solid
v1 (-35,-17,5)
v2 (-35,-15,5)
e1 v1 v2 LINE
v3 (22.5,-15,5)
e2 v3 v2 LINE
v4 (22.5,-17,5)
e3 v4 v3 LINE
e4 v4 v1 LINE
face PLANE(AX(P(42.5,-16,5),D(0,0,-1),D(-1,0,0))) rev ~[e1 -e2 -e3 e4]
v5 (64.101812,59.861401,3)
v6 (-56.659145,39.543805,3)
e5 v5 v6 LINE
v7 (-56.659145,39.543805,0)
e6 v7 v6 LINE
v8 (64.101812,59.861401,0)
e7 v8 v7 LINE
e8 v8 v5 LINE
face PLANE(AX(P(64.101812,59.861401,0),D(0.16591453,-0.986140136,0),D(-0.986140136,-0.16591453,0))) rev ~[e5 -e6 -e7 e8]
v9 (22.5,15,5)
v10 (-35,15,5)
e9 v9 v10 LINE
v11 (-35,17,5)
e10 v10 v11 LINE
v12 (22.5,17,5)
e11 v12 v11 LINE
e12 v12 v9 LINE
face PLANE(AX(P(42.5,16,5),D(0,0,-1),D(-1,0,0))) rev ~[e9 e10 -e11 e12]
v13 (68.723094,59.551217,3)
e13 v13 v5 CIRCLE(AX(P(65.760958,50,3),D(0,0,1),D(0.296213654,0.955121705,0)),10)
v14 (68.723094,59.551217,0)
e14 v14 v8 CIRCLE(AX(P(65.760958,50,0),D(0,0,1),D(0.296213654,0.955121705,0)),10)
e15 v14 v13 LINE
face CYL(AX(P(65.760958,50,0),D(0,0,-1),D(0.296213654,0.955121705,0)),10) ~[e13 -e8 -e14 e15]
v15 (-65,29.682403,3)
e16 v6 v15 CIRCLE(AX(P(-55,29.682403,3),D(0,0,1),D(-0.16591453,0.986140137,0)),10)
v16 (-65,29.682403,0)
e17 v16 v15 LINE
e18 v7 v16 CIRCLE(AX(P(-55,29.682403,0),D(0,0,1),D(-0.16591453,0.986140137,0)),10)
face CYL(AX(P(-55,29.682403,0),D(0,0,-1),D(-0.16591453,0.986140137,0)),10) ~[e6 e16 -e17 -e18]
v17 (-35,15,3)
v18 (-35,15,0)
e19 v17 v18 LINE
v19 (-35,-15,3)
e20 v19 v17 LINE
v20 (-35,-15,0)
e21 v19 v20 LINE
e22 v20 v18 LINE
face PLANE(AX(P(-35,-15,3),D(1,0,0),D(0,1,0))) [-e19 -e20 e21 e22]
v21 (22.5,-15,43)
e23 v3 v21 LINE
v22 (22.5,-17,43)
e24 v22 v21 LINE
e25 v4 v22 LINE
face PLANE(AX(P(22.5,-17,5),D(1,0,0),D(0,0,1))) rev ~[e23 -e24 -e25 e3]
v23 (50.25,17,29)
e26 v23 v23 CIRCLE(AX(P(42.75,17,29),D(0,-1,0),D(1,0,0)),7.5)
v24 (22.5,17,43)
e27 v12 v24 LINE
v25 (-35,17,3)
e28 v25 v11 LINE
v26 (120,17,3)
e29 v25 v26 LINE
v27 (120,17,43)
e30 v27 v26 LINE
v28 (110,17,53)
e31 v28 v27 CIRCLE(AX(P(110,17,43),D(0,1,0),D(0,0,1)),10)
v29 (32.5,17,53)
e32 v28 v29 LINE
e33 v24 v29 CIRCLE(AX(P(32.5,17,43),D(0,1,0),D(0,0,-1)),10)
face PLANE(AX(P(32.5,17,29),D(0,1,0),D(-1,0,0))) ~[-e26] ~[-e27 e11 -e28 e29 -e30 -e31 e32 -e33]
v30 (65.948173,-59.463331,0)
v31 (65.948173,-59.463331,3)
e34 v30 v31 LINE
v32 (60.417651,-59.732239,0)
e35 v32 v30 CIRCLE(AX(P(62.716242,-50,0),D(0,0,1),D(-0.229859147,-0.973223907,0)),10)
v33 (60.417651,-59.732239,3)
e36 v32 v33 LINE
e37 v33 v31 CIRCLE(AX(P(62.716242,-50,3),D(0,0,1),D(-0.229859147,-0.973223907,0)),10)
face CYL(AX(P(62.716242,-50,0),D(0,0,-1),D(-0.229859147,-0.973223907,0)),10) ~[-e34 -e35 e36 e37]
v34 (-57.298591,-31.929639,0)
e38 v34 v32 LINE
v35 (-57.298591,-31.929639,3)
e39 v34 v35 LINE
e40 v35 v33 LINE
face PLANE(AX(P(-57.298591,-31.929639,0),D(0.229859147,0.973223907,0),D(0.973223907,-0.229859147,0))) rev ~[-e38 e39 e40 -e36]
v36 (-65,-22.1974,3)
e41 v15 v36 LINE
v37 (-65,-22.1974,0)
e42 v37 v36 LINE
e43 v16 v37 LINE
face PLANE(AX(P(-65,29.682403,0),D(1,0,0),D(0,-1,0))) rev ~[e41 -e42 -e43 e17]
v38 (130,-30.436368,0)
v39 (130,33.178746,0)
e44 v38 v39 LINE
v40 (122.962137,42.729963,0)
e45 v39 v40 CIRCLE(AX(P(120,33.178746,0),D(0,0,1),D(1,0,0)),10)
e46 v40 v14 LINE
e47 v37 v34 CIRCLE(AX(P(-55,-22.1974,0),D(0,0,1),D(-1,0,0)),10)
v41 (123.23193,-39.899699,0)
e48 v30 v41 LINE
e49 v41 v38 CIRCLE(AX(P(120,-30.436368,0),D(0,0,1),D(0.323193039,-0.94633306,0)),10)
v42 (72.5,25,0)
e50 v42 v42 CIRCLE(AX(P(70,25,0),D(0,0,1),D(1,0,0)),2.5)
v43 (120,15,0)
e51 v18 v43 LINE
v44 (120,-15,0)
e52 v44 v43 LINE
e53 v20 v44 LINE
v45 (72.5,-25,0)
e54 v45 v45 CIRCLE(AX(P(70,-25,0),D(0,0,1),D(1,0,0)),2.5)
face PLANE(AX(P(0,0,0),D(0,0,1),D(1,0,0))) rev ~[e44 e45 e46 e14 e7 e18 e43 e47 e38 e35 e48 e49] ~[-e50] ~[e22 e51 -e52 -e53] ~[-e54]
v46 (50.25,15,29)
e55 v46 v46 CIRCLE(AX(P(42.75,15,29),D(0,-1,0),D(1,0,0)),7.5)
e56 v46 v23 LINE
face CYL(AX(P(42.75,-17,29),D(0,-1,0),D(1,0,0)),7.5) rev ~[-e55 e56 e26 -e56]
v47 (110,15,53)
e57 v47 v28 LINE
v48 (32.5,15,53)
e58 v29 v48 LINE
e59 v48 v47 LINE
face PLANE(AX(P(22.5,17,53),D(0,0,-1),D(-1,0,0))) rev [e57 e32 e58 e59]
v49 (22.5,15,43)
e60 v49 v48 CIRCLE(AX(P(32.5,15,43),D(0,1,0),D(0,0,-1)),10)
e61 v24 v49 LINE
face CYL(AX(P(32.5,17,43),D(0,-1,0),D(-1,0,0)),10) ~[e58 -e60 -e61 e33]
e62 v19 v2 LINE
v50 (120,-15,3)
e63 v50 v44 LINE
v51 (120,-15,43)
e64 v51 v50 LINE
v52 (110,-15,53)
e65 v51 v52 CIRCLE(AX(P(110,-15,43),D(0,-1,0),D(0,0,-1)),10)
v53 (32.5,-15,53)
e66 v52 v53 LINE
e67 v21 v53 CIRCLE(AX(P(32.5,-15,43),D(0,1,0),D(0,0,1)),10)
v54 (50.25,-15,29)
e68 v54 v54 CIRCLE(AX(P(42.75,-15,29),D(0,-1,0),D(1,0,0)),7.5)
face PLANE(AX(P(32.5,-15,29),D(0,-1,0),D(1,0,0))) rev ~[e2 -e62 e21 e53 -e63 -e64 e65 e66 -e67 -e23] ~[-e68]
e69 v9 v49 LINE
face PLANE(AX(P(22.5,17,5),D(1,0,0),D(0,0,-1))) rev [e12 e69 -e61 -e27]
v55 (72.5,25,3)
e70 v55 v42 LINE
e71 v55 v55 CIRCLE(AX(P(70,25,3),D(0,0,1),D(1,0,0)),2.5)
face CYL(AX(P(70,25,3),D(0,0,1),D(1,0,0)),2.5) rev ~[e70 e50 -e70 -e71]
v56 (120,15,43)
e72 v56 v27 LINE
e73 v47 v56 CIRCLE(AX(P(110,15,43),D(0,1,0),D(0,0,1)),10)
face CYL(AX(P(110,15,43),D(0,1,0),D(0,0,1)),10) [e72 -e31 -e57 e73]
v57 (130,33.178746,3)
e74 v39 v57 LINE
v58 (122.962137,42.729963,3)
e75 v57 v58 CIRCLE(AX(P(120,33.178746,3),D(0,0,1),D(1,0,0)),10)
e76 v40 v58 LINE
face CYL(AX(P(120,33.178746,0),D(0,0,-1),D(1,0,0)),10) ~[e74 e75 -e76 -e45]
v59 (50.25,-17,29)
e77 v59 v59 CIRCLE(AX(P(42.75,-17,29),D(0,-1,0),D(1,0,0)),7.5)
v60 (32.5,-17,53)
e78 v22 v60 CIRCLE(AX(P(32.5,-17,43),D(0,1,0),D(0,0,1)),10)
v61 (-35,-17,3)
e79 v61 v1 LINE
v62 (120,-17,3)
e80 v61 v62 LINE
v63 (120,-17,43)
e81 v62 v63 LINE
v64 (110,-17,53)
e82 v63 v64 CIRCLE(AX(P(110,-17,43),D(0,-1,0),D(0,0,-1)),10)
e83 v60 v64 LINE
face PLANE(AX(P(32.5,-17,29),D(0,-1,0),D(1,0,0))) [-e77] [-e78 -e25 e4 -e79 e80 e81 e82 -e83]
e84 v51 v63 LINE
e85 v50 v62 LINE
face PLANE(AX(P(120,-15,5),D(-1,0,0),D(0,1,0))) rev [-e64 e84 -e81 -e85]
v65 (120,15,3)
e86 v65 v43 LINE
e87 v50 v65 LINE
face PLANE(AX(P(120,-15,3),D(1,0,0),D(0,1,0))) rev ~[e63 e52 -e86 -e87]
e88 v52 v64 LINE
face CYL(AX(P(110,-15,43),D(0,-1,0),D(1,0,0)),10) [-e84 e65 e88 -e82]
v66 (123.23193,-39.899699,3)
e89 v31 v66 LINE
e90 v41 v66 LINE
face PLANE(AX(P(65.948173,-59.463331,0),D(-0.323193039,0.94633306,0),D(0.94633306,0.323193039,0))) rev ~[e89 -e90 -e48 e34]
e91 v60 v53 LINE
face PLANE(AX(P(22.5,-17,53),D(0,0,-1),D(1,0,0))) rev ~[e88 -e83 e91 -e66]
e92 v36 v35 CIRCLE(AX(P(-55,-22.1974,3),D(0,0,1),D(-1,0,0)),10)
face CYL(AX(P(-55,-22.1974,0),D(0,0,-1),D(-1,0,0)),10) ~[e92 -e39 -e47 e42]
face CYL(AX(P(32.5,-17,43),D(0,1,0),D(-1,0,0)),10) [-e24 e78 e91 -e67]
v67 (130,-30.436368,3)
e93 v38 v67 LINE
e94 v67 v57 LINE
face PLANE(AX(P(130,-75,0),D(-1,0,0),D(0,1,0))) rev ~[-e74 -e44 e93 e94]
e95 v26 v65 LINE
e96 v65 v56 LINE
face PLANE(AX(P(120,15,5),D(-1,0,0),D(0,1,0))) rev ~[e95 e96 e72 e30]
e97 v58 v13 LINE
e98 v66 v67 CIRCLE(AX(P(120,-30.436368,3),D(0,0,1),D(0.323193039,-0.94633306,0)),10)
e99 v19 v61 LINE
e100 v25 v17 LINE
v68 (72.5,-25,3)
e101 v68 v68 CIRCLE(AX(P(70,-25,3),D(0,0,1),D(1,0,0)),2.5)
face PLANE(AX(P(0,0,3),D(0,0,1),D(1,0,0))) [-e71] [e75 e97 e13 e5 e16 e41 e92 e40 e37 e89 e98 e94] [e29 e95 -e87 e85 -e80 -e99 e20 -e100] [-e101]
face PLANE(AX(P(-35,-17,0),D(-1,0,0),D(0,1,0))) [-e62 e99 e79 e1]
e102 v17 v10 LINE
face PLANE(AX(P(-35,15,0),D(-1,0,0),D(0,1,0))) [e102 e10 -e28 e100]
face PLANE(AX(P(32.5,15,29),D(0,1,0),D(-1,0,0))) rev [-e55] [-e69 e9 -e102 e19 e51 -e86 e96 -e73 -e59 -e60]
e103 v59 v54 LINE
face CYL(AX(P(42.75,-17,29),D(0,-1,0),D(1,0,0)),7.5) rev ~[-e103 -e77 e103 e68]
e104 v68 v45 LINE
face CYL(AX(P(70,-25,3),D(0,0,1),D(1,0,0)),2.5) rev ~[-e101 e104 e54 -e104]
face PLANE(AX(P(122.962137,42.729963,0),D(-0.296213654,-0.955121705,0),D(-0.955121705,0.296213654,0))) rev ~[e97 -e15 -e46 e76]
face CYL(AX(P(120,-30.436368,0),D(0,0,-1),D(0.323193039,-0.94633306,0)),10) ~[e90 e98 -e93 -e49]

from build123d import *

# Parameters (mm, degrees)
SZKIC1_W                    = 260
SZKIC1_H                    = 150
DODANIE_WYCI_GNI_CIE1_DEPTH = 3
SZKIC2_R                    = 2.5
SZKIC2_W                    = 155
SZKIC2_H                    = 30
WYTNIJ_WYCI_GNI_CIE1_DEPTH  = 3
WYTNIJ_WYCI_GNI_CIE3_DEPTH  = 3
SZKIC6_W                    = 155
SZKIC6_H                    = 2
DODANIE_WYCI_GNI_CIE2_DEPTH = 5
SZKIC7_W                    = 77.5
SZKIC7_H                    = 2
DODANIE_WYCI_GNI_CIE3_DEPTH = 48
SZKIC10_W                   = 20
SZKIC10_H                   = 48
DODANIE_WYCI_GNI_CIE5_DEPTH = 2
SZKIC12_R                   = 7.5
WYTNIJ_WYCI_GNI_CIE4_DEPTH  = 40
ZAOKR_GLENIE1_R             = 10


with BuildPart() as part:
    # Szkic1 → Dodanie-wyciągnięcie1 (new body)
    with BuildSketch(Plane.XY):
        Rectangle(SZKIC1_W, SZKIC1_H)
    extrude(amount=DODANIE_WYCI_GNI_CIE1_DEPTH)

    # Szkic2 → Wytnij-wyciągnięcie1 (cut)
    with BuildSketch(Plane.XY.offset(3)):
        with Locations((70, 25)):
            Circle(SZKIC2_R)
        with Locations((70, -25)):
            Circle(SZKIC2_R)
        with Locations((42.5, 0)):
            Rectangle(SZKIC2_W, SZKIC2_H)
    extrude(amount=-WYTNIJ_WYCI_GNI_CIE1_DEPTH, mode=Mode.SUBTRACT)

    # Szkic4 → Wytnij-wyciągnięcie3 (cut)
    with BuildSketch(Plane(origin=(0, 0, 0), x_dir=(-1, 0, 0), z_dir=(0, 0, -1))):
        with BuildLine():
            ThreePointArc((-123.23193039, -39.89969852), (-128.133858368, -36.253613669), (-130, -30.436367925))
            Line((-130, -30.436367925), (-130, -75))
            Line((-130, -75), (130, -75))
            Line((130, -75), (130, 75))
            Line((130, 75), (-130, 75))
            Line((-130, 75), (-130, 33.178745855))
            ThreePointArc((-130, 33.178745855), (-128.050508227, 39.11080429), (-122.962136544, 42.729962902))
            Line((-122.962136544, 42.729962902), (-68.723094228, 59.551217048))
            ThreePointArc((-68.723094228, 59.551217048), (-66.430659203, 59.977549793), (-64.101812385, 59.861401365))
            Line((-64.101812385, 59.861401365), (56.659145299, 39.543804725))
            ThreePointArc((56.659145299, 39.543804725), (62.635163816, 36.140287961), (65, 29.682403361))
            Line((65, 29.682403361), (65, -22.197400037))
            ThreePointArc((65, -22.197400037), (62.841744534, -28.402804348), (57.298591466, -31.929639105))
            Line((57.298591466, -31.929639105), (-60.417650648, -59.732239068))
            ThreePointArc((-60.417650648, -59.732239068), (-63.201894591, -59.988200122), (-65.948172504, -59.463330595))
            Line((-65.948172504, -59.463330595), (-123.23193039, -39.89969852))
        make_face()
    extrude(amount=-WYTNIJ_WYCI_GNI_CIE3_DEPTH, mode=Mode.SUBTRACT)

    # Szkic6 → Dodanie-wyciągnięcie2 (add)
    with BuildSketch(Plane(origin=(0, 0, 0), x_dir=(-1, 0, 0), z_dir=(0, 0, -1))):
        with Locations((-42.5, 16)):
            Rectangle(SZKIC6_W, SZKIC6_H)
        with Locations((-42.5, -16)):
            Rectangle(SZKIC6_W, SZKIC6_H)
    extrude(amount=-DODANIE_WYCI_GNI_CIE2_DEPTH)

    # Szkic7 → Dodanie-wyciągnięcie3 (add)
    with BuildSketch(Plane.XY.offset(5)):
        with Locations((81.25, 16)):
            Rectangle(SZKIC7_W, SZKIC7_H)
    dodanie_wyci_gni_cie3 = extrude(amount=DODANIE_WYCI_GNI_CIE3_DEPTH)

    # Lustro2: Dodanie-wyciągnięcie3 across plane
    add(dodanie_wyci_gni_cie3.mirror(Plane.ZX))

    # Szkic10 → Dodanie-wyciągnięcie5 (add)
    with BuildSketch(Plane.XZ.offset(17)):
        with Locations((32.5, 29)):
            Rectangle(SZKIC10_W, SZKIC10_H)
    dodanie_wyci_gni_cie5 = extrude(amount=-DODANIE_WYCI_GNI_CIE5_DEPTH)

    # Lustro3: Dodanie-wyciągnięcie5 across plane
    add(dodanie_wyci_gni_cie5.mirror(Plane.ZX))

    # Szkic12 → Wytnij-wyciągnięcie4 (cut)
    with BuildSketch(Plane(origin=(0, -17, 0), x_dir=(-1, 0, 0), z_dir=(0, -1, 0))):
        with Locations(Location((-42.75, -29, 0), (0, 0, 180))):
            Circle(SZKIC12_R)
    extrude(amount=-WYTNIJ_WYCI_GNI_CIE4_DEPTH, mode=Mode.SUBTRACT)

    # Zaokrąglenie1
    zaokr_glenie1_edges = [part.edges().sort_by_distance(p)[0] for p in [
        (120, 16, 53),
        (120, -16, 53),
        (22.5, -16, 53),
        (22.5, 16, 53),
    ]]
    fillet(zaokr_glenie1_edges, radius=ZAOKR_GLENIE1_R)


solid = part.part
